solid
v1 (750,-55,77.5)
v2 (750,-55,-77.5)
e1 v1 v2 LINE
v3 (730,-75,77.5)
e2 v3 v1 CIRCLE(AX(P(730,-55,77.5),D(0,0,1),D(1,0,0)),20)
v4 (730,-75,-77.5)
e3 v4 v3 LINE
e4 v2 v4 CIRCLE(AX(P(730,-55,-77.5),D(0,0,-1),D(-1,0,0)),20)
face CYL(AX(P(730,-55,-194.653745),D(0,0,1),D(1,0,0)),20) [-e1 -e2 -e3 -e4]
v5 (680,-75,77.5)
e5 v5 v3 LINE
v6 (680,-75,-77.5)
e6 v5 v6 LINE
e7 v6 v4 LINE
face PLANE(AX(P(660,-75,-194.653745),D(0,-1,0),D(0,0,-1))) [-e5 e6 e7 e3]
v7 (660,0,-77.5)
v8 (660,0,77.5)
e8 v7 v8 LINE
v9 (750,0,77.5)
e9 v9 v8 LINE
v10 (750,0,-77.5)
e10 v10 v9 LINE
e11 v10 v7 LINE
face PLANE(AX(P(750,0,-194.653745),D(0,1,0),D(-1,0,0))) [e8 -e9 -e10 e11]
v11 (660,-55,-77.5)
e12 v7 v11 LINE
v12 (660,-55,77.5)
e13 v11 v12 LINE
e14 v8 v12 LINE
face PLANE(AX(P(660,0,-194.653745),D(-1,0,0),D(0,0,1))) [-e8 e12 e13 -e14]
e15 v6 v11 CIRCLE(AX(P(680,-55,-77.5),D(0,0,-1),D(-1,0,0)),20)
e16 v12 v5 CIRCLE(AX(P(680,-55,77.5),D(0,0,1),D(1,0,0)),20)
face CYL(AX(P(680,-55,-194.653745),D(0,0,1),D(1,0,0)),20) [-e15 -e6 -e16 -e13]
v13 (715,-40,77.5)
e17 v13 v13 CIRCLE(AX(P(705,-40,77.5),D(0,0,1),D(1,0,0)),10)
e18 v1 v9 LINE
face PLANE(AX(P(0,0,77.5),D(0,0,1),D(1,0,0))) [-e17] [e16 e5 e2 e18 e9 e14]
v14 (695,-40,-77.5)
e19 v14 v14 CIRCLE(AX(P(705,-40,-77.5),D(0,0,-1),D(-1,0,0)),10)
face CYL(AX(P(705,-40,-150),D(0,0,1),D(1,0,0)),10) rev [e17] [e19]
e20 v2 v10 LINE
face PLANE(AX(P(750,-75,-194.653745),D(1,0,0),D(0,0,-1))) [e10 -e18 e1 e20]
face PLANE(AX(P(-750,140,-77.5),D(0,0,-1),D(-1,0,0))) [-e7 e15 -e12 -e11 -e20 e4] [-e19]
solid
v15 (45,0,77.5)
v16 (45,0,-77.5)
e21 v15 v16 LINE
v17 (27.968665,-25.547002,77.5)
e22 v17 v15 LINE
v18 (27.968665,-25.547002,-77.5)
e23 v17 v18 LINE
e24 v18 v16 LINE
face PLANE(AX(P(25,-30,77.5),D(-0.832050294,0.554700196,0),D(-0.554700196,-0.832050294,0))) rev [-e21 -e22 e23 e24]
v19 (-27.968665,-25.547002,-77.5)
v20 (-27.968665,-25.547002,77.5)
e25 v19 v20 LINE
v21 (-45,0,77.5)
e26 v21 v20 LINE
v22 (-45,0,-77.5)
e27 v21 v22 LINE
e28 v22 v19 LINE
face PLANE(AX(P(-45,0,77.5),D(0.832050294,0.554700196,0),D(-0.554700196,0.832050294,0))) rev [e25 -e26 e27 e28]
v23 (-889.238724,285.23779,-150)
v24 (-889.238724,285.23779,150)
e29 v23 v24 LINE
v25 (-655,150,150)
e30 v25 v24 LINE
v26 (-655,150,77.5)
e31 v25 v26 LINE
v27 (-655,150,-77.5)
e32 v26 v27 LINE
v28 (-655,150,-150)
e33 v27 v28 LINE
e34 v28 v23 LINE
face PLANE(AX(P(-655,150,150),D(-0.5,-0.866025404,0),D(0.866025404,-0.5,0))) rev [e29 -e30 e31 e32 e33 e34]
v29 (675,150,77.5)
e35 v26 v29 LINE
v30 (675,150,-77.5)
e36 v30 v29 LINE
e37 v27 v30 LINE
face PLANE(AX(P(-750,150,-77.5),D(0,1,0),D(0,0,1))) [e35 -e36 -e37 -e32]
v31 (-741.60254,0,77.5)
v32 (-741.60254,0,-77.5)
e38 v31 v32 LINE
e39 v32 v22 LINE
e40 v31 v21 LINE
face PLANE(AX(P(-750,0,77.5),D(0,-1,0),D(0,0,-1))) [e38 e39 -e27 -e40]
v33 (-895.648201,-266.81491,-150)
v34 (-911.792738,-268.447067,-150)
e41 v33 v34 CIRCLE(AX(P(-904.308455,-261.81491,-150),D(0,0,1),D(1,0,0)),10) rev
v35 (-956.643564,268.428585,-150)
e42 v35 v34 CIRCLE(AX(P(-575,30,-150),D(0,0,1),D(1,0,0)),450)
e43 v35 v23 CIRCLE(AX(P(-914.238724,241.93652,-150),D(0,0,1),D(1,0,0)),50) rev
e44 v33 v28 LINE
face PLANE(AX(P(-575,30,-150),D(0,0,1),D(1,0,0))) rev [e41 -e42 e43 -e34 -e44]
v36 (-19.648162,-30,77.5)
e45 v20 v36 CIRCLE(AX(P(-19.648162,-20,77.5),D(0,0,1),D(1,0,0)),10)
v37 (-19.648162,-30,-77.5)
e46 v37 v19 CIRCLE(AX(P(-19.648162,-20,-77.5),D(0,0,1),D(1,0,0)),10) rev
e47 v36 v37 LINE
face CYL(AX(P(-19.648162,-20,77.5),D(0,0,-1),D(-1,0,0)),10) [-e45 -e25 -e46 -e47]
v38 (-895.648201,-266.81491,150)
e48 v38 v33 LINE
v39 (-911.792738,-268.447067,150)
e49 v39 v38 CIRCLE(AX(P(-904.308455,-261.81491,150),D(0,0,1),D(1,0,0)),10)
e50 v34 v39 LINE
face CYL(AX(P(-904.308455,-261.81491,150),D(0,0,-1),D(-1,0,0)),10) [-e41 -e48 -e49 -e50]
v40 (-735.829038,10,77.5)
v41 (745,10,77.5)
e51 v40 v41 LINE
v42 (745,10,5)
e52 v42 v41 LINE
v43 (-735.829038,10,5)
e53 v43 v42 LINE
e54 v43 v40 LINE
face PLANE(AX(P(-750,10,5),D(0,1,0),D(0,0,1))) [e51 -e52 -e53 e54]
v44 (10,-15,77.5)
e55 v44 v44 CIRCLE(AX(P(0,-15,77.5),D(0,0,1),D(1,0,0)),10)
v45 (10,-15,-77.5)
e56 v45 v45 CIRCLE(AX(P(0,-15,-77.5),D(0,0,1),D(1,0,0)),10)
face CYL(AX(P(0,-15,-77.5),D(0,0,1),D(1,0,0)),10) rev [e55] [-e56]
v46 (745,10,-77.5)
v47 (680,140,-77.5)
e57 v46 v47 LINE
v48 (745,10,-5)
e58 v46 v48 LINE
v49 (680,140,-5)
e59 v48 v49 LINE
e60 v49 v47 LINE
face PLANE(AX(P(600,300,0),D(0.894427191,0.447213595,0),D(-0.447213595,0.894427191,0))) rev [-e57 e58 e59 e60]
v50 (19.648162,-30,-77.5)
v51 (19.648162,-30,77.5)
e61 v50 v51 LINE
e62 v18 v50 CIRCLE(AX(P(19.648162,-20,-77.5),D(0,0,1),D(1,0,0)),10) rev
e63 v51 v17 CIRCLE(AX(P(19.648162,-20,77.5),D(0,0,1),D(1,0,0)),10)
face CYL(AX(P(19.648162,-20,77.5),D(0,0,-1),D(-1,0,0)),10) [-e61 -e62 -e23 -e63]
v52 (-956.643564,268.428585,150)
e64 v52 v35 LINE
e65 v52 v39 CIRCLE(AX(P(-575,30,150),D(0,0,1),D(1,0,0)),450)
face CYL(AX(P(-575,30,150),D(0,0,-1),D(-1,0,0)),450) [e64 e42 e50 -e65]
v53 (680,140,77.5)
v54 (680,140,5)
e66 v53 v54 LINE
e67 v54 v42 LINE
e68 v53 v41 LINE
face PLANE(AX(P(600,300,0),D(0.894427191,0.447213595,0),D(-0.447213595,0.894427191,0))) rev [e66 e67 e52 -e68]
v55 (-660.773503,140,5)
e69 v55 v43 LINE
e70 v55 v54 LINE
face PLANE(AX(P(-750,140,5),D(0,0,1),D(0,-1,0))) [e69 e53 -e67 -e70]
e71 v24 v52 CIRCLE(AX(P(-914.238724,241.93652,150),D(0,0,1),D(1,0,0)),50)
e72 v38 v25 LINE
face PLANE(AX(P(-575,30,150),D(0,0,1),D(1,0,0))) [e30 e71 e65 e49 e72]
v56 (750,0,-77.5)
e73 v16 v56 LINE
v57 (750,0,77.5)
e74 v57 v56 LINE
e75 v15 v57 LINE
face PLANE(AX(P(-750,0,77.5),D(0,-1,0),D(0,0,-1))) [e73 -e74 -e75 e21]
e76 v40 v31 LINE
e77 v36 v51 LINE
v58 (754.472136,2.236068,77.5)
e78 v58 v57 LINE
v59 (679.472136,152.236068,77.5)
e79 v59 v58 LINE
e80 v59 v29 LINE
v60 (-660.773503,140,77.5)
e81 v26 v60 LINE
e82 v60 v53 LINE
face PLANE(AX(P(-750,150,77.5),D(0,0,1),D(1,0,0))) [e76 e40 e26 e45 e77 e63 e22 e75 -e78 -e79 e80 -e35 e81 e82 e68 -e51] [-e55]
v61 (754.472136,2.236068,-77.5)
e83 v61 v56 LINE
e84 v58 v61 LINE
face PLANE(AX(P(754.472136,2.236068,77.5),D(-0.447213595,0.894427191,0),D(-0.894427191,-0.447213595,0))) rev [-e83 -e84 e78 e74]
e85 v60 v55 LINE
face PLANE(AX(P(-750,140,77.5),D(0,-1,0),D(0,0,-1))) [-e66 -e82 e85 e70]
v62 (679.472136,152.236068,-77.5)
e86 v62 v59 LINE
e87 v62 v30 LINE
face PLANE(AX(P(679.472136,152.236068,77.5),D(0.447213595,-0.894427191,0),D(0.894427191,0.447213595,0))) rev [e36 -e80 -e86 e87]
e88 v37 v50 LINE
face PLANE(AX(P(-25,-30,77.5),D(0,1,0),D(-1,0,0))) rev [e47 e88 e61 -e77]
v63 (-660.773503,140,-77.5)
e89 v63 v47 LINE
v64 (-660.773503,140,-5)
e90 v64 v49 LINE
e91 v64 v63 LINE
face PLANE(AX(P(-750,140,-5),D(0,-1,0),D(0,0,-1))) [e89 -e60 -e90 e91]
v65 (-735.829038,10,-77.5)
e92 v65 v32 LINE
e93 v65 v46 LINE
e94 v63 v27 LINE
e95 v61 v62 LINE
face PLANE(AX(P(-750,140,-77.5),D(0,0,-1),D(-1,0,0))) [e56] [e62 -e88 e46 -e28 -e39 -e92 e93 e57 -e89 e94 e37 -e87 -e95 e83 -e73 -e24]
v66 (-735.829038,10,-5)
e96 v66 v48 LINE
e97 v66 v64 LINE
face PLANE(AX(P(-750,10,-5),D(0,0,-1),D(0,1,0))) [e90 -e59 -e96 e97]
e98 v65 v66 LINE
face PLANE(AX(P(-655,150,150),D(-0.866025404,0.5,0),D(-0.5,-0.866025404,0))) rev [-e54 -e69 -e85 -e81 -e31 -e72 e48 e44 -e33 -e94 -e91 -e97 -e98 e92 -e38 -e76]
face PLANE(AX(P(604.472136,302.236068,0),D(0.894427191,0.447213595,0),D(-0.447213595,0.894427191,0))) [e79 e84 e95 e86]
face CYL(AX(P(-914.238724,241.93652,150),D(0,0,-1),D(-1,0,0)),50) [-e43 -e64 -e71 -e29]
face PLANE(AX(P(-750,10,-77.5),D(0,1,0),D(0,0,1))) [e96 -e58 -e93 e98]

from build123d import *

# Parameters (mm, degrees)
BOSS_EXTRUDE1_DEPTH      = 77.5
FILLET1_R                = 10
SKETCH2_R                = 10
CUT_EXTRUDE1_DEPTH       = 156
BOSS_EXTRUDE2_DEPTH      = 750
BOSS_EXTRUDE2_DEPTH_BACK = 750
BOSS_EXTRUDE3_DEPTH      = 150
FILLET2_R                = 50
FILLET3_R                = 10
CUT_EXTRUDE2_DEPTH       = 150
SKETCH6_W                = 155
SKETCH6_H                = 167.705098313
BOSS_EXTRUDE4_DEPTH      = 5
SKETCH7_W                = 90
SKETCH7_H                = 75
BOSS_EXTRUDE5_DEPTH      = 155
FILLET4_R                = 20
SKETCH8_R                = 10
CUT_EXTRUDE3_DEPTH       = 228.5


with BuildPart() as part:
    # Sketch1 → Boss-Extrude1 (new body, symmetric)
    with BuildSketch(Plane.XY):
        Polygon((-45, 0), (45, 0), (25, -30), (-25, -30), align=None)
    extrude(amount=BOSS_EXTRUDE1_DEPTH, both=True)

    # Fillet1
    fillet1_edges = [part.edges().sort_by_distance(p)[0] for p in [
        (25, -30, 0),
        (-25, -30, 0),
    ]]
    fillet(fillet1_edges, radius=FILLET1_R)

    # Sketch2 → Cut-Extrude1 (cut, through all)
    with BuildSketch(Plane.XY.offset(77.5)):
        with Locations((0, -15)):
            Circle(SKETCH2_R)
    extrude(amount=-CUT_EXTRUDE1_DEPTH, mode=Mode.SUBTRACT)

    # Sketch3 → Boss-Extrude2 (add, two sides)
    with BuildSketch(Plane(origin=(0, 0, 0), x_dir=(0, 0, -1), z_dir=(1, 0, 0))) as boss_extrude2_sk:
        Polygon((-77.5, 0), (77.5, 0), (77.5, 10), (5, 10), (5, 140), (77.5, 140), (77.5, 150), (-77.5, 150), (-77.5, 140), (-5, 140), (-5, 10), (-77.5, 10), align=None)
    extrude(amount=BOSS_EXTRUDE2_DEPTH)
    extrude(boss_extrude2_sk.sketch, amount=-BOSS_EXTRUDE2_DEPTH_BACK)

    # Sketch4 → Boss-Extrude3 (add, symmetric)
    with BuildSketch(Plane.XY):
        with BuildLine():
            Line((-655, 150), (-928.797964194, 308.077328331))
            ThreePointArc((-928.797964194, 308.077328331), (-1024.547831071, 9.832015989), (-902.476115452, -278.641205623))
            Line((-902.476115452, -278.641205623), (-655, 150))
        make_face()
    extrude(amount=BOSS_EXTRUDE3_DEPTH, both=True)

    # Fillet2
    fillet2_edges = [part.edges().sort_by_distance(p)[0] for p in [
        (-928.797964194, 308.077328331, 0),
    ]]
    fillet(fillet2_edges, radius=FILLET2_R)

    # Fillet3
    fillet3_edges = [part.edges().sort_by_distance(p)[0] for p in [
        (-902.476115452, -278.641205623, 0),
    ]]
    fillet(fillet3_edges, radius=FILLET3_R)

    # Sketch5 → Cut-Extrude2 (cut, symmetric)
    with BuildSketch(Plane.XY.offset(5)):
        Polygon((750, 0), (675, 150), (750, 150), align=None)
    extrude(amount=CUT_EXTRUDE2_DEPTH, both=True, mode=Mode.SUBTRACT)

    # Sketch6 → Boss-Extrude4 (add)
    with BuildSketch(Plane(origin=(600, 300, 0), x_dir=(0, 0, -1), z_dir=(0.894427191, 0.447213595, 0))):
        with Locations((0, -251.557647469)):
            Rectangle(SKETCH6_W, SKETCH6_H)
    extrude(amount=BOSS_EXTRUDE4_DEPTH)


with BuildPart() as body_2:
    # Sketch7 → Boss-Extrude5 (new body)
    with BuildSketch(Plane.XY.offset(77.5)):
        with Locations((705, -37.5)):
            Rectangle(SKETCH7_W, SKETCH7_H)
    extrude(amount=-BOSS_EXTRUDE5_DEPTH)

    # Fillet4
    fillet4_edges = [body_2.edges().sort_by_distance(p)[0] for p in [
        (660, -75, 0),
        (750, -75, 0),
    ]]
    fillet(fillet4_edges, radius=FILLET4_R)

    # Sketch8 → Cut-Extrude3 (cut, through all)
    with BuildSketch(Plane.XY.offset(77.5)):
        with Locations((705, -40)):
            Circle(SKETCH8_R)
    extrude(amount=-CUT_EXTRUDE3_DEPTH, mode=Mode.SUBTRACT)


solid = Compound([part.part, body_2.part])
